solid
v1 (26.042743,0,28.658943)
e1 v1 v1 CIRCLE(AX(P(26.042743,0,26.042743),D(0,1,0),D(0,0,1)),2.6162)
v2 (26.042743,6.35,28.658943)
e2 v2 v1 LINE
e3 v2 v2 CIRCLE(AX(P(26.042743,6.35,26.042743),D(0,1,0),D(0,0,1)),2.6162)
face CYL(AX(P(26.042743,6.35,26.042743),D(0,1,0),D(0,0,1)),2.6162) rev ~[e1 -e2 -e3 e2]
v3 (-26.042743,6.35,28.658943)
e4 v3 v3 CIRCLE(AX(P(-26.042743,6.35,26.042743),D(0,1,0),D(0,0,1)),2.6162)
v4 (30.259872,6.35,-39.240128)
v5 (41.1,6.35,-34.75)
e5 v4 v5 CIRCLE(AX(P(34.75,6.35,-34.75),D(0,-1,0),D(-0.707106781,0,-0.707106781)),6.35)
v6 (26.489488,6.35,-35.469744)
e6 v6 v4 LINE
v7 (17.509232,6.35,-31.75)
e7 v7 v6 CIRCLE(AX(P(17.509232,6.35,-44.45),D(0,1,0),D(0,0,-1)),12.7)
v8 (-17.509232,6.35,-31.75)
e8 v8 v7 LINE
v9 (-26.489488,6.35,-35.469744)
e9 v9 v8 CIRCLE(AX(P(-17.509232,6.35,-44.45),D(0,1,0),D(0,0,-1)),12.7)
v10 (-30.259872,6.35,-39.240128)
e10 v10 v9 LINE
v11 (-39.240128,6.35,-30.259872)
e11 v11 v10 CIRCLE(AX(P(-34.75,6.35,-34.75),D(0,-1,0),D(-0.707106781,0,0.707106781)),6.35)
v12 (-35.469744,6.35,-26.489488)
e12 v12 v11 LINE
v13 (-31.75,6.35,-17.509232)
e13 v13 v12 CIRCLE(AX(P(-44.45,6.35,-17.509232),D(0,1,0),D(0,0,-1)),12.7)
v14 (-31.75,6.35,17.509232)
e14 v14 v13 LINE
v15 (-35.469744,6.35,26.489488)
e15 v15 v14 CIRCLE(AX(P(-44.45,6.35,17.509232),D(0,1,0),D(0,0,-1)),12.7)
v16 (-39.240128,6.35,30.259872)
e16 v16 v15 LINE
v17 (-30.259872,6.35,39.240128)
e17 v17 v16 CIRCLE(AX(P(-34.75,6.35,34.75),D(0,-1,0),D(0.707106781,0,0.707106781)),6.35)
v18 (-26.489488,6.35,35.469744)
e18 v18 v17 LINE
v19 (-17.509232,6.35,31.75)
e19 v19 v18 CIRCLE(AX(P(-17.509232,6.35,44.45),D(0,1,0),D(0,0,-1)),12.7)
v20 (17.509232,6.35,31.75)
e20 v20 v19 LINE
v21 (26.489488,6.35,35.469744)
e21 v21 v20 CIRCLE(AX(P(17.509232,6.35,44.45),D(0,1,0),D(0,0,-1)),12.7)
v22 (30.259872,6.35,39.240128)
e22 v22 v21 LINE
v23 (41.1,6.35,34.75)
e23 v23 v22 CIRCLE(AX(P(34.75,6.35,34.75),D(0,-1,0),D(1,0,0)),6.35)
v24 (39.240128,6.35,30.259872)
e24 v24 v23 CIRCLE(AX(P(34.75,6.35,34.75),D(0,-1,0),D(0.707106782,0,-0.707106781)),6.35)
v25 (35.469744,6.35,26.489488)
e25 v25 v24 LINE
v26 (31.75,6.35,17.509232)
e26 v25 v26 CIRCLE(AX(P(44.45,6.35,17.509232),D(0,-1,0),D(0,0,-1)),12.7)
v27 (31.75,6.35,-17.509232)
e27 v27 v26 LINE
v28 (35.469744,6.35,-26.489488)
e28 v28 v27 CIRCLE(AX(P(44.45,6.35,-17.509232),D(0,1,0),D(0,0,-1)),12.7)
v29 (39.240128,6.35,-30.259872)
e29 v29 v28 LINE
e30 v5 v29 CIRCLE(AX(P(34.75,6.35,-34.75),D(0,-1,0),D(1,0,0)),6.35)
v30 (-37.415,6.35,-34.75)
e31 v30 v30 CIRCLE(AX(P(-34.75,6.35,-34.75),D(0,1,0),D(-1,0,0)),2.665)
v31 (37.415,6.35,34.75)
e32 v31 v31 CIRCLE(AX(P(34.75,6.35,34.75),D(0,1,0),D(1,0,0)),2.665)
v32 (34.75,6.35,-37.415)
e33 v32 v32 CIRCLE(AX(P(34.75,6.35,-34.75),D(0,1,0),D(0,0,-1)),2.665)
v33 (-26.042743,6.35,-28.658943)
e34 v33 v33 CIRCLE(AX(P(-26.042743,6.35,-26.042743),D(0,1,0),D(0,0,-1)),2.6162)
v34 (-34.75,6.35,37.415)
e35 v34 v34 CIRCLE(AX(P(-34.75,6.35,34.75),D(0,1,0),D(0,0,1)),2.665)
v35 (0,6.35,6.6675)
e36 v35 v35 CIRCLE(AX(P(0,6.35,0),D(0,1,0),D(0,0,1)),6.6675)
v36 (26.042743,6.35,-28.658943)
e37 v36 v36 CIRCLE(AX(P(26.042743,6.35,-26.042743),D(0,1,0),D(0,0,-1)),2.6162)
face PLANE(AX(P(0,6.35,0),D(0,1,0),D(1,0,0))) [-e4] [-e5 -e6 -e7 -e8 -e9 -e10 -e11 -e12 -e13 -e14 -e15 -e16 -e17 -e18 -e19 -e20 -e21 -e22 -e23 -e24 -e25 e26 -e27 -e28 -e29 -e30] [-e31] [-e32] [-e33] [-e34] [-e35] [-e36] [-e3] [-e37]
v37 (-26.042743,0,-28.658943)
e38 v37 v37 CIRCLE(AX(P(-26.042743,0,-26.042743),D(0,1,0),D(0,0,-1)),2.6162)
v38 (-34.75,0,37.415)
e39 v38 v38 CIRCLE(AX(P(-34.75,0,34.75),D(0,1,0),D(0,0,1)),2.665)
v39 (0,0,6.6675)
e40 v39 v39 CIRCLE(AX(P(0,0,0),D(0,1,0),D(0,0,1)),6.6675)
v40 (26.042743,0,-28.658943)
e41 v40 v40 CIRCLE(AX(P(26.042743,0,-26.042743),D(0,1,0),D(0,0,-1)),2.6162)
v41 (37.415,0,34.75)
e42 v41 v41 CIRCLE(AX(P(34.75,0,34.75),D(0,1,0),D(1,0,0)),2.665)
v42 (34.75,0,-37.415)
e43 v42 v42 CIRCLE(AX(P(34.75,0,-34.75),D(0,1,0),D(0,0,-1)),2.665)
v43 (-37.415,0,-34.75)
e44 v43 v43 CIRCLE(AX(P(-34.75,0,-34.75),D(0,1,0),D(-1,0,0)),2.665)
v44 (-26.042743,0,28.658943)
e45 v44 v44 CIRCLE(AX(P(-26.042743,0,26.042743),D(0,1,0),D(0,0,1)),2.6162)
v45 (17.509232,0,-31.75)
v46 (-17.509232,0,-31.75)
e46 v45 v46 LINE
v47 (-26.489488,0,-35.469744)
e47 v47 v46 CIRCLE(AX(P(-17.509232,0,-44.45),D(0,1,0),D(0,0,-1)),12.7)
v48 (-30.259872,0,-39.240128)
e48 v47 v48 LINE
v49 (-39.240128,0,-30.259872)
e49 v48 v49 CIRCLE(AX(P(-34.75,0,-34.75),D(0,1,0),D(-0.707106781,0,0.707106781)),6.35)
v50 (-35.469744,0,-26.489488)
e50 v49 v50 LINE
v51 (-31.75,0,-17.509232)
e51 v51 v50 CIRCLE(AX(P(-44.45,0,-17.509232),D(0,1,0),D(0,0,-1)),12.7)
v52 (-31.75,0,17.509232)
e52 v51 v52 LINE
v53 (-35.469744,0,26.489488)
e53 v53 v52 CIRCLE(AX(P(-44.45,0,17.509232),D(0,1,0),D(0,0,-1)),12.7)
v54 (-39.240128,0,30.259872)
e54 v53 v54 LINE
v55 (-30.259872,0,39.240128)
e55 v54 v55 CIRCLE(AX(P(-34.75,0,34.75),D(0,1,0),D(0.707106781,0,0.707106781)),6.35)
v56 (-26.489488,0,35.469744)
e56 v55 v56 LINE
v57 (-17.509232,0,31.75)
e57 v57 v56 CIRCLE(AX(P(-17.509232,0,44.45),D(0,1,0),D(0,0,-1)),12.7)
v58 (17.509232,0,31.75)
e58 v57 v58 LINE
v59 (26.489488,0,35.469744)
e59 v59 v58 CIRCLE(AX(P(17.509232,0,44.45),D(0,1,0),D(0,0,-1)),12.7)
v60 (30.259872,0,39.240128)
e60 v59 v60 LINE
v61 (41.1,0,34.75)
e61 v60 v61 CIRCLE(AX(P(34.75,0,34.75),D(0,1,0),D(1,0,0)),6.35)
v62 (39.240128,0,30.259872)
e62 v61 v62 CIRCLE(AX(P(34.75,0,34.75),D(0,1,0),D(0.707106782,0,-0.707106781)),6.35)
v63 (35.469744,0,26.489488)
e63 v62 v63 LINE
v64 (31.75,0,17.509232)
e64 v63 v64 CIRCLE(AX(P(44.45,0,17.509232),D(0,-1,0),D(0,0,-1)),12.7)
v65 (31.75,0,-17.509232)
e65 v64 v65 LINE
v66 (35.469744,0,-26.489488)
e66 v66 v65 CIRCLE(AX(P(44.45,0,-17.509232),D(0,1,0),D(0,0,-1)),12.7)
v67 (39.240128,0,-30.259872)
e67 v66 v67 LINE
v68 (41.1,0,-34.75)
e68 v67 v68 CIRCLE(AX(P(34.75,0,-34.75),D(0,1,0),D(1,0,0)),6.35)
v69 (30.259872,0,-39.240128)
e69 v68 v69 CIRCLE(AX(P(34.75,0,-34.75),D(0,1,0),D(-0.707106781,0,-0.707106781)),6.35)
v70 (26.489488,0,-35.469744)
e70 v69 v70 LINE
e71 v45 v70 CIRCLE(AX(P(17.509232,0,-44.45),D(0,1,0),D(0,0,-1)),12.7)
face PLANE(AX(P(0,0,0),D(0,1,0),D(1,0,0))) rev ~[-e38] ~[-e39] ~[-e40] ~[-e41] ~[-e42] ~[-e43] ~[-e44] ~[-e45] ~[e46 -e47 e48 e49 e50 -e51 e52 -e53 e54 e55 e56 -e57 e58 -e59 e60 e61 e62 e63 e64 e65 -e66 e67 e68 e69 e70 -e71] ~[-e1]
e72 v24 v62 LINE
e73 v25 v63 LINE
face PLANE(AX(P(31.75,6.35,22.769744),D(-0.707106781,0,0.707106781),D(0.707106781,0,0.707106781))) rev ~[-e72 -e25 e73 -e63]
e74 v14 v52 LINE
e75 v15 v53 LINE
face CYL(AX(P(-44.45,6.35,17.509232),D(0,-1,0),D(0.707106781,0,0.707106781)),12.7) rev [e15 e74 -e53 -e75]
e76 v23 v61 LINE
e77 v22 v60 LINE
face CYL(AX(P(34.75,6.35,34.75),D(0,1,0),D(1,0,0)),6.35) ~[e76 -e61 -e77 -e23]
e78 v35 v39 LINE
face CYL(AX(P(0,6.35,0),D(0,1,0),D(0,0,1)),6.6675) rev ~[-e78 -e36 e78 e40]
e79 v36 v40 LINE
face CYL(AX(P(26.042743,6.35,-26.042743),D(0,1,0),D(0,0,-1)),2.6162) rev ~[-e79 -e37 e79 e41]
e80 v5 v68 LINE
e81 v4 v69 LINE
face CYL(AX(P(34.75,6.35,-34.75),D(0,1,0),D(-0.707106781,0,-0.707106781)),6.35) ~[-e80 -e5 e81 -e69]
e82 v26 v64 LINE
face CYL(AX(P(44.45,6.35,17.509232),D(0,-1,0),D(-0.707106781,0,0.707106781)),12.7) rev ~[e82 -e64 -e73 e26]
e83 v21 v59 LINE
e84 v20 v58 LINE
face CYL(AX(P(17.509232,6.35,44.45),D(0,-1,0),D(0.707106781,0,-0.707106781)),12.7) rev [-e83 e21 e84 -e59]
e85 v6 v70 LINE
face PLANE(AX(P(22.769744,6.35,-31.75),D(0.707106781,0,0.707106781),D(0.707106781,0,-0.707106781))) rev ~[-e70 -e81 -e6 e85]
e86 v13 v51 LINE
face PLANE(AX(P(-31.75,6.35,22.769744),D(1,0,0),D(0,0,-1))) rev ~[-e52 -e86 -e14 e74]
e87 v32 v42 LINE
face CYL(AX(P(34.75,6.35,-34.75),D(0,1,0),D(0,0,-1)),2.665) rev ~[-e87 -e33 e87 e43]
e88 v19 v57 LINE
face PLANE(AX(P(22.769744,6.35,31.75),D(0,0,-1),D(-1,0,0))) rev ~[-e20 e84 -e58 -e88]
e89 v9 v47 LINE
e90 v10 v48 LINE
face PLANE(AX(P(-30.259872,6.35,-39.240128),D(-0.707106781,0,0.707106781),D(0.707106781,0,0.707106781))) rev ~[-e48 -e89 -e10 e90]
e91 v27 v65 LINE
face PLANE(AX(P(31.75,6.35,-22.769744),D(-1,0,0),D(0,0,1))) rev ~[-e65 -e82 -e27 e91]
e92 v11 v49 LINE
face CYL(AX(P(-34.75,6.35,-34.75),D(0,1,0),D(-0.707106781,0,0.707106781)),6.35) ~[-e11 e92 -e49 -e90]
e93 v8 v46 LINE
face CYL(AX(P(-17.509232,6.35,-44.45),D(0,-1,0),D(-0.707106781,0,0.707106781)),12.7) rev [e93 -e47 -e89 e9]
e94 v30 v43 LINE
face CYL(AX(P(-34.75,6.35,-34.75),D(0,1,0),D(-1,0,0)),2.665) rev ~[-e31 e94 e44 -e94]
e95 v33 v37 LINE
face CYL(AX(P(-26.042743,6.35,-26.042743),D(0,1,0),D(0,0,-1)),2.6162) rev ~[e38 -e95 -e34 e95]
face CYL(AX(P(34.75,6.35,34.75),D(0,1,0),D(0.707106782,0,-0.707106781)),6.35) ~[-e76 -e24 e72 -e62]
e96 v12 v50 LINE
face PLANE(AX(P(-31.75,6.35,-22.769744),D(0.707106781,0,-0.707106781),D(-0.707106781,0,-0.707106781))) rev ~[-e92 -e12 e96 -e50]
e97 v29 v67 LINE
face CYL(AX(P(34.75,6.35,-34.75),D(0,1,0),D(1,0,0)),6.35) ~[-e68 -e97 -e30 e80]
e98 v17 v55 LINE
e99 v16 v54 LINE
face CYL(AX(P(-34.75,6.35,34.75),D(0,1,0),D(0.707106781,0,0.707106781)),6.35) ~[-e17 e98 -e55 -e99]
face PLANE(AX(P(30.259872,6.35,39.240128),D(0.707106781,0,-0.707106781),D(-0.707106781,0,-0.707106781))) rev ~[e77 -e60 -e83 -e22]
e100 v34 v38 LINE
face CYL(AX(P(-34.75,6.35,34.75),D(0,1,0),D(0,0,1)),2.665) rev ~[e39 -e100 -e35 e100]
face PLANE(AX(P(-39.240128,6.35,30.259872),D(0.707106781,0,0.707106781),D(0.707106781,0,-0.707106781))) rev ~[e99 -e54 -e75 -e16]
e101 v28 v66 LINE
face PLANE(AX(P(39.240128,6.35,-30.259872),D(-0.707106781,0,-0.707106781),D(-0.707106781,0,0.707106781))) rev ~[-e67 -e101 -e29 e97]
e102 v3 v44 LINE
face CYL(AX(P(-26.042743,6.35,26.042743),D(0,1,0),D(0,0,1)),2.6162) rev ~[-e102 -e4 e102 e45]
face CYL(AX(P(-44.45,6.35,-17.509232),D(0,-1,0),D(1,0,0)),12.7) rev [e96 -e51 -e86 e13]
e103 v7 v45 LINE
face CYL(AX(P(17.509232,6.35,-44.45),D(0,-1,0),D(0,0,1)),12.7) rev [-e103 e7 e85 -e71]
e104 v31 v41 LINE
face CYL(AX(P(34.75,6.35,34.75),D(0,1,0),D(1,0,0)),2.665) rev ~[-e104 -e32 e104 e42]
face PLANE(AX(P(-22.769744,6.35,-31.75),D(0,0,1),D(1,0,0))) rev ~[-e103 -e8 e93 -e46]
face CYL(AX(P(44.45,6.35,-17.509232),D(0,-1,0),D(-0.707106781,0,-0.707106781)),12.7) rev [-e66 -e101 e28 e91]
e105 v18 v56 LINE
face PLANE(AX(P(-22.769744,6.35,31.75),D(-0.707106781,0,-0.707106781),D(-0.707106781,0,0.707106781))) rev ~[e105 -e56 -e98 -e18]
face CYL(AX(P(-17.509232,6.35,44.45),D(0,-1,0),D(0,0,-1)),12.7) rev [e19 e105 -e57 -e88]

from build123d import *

# Parameters (mm, degrees)
SKETCH1_W           = 85.2
SKETCH1_H           = 85.2
BOSS_EXTRUDE1_DEPTH = 6.35
CUT_EXTRUDE1_REACH  = 62.579
SKETCH2_R           = 6.6675
CUT_EXTRUDE2_REACH  = 62.579
SKETCH3_R           = 2.6162
CUT_EXTRUDE3_REACH  = 62.579
SKETCH5_R           = 2.665
CIRPATTERN1_COUNT   = 4
CUT_EXTRUDE4_REACH  = 62.579
SKETCH6_W           = 85.2
SKETCH6_H           = 85.2
FILLET1_R           = 12.7


with BuildPart() as part:
    # Sketch1 → Boss-Extrude1 (new body)
    with BuildSketch(Plane(origin=(0, 0, 0), x_dir=(1, 0, 0), z_dir=(0, 1, 0))):
        Rectangle(SKETCH1_W, SKETCH1_H)
    extrude(amount=BOSS_EXTRUDE1_DEPTH)

    # Sketch2 → Cut-Extrude1 (cut, up to next)
    with BuildSketch(Plane(origin=(0, 6.35, 0), x_dir=(1, 0, 0), z_dir=(0, 1, 0)), mode=Mode.PRIVATE) as cut_extrude1_sk1:
        with Locations(Location((0, 0, 0), (0, 0, 270))):
            Circle(SKETCH2_R)
    cut_extrude1_tool1 = extrude(cut_extrude1_sk1.sketch, amount=-CUT_EXTRUDE1_REACH, mode=Mode.PRIVATE) & part.part
    add(cut_extrude1_tool1.solids().sort_by_distance((0, 6.35, 0))[0], mode=Mode.SUBTRACT)

    # Sketch3 → Cut-Extrude2 (cut, up to next)
    with BuildSketch(Plane(origin=(0, 6.35, 0), x_dir=(1, 0, 0), z_dir=(0, 1, 0)), mode=Mode.PRIVATE) as cut_extrude2_sk1:
        with Locations(Location((26.042742751, -26.042742751, 0), (0, 0, 270))):
            Circle(SKETCH3_R)
    cut_extrude2_tool1 = extrude(cut_extrude2_sk1.sketch, amount=-CUT_EXTRUDE2_REACH, mode=Mode.PRIVATE) & part.part
    # Sketch3 → Cut-Extrude2 (cut, up to next)
    with BuildSketch(Plane(origin=(0, 6.35, 0), x_dir=(1, 0, 0), z_dir=(0, 1, 0)), mode=Mode.PRIVATE) as cut_extrude2_sk2:
        with Locations(Location((-26.042742751, -26.042742751, 0), (0, 0, 270))):
            Circle(SKETCH3_R)
    cut_extrude2_tool2 = extrude(cut_extrude2_sk2.sketch, amount=-CUT_EXTRUDE2_REACH, mode=Mode.PRIVATE) & part.part
    # Sketch3 → Cut-Extrude2 (cut, up to next)
    with BuildSketch(Plane(origin=(0, 6.35, 0), x_dir=(1, 0, 0), z_dir=(0, 1, 0)), mode=Mode.PRIVATE) as cut_extrude2_sk3:
        with Locations(Location((26.042742751, 26.042742751, 0), (0, 0, 90))):
            Circle(SKETCH3_R)
    cut_extrude2_tool3 = extrude(cut_extrude2_sk3.sketch, amount=-CUT_EXTRUDE2_REACH, mode=Mode.PRIVATE) & part.part
    # Sketch3 → Cut-Extrude2 (cut, up to next)
    with BuildSketch(Plane(origin=(0, 6.35, 0), x_dir=(1, 0, 0), z_dir=(0, 1, 0)), mode=Mode.PRIVATE) as cut_extrude2_sk4:
        with Locations(Location((-26.042742751, 26.042742751, 0), (0, 0, 90))):
            Circle(SKETCH3_R)
    cut_extrude2_tool4 = extrude(cut_extrude2_sk4.sketch, amount=-CUT_EXTRUDE2_REACH, mode=Mode.PRIVATE) & part.part
    add(cut_extrude2_tool1.solids().sort_by_distance((26.042743, 6.35, 26.042743))[0], mode=Mode.SUBTRACT)
    add(cut_extrude2_tool2.solids().sort_by_distance((-26.042743, 6.35, 26.042743))[0], mode=Mode.SUBTRACT)
    add(cut_extrude2_tool3.solids().sort_by_distance((26.042743, 6.35, -26.042743))[0], mode=Mode.SUBTRACT)
    add(cut_extrude2_tool4.solids().sort_by_distance((-26.042743, 6.35, -26.042743))[0], mode=Mode.SUBTRACT)

    # Sketch5 → Cut-Extrude3 (cut, up to next)
    with BuildSketch(Plane(origin=(0, 6.35, 0), x_dir=(1, 0, 0), z_dir=(0, 1, 0)), mode=Mode.PRIVATE) as cut_extrude3_sk1:
        with Locations(Location((-34.75, -34.75, 0), (0, 0, 270))):
            Circle(SKETCH5_R)
    cut_extrude3_tool1 = extrude(cut_extrude3_sk1.sketch, amount=-CUT_EXTRUDE3_REACH, mode=Mode.PRIVATE) & part.part
    cut_extrude3 = cut_extrude3_tool1.solids().sort_by_distance((-34.75, 6.35, 34.75))[0]
    add(cut_extrude3, mode=Mode.SUBTRACT)

    # CirPattern1: Cut-Extrude3 ×4 about axis
    cirpattern1_axis = Axis((0, 0, 0), (0, 1, 0))
    for i in range(1, CIRPATTERN1_COUNT):
        add(cut_extrude3.rotate(cirpattern1_axis, i * 360 / CIRPATTERN1_COUNT), mode=Mode.SUBTRACT)

    # Sketch6 → Cut-Extrude4 (cut, up to next)
    with BuildSketch(Plane(origin=(0, 6.35, 0), x_dir=(1, 0, 0), z_dir=(0, 1, 0)), mode=Mode.PRIVATE) as cut_extrude4_sk1:
        Rectangle(SKETCH6_W, SKETCH6_H)
        with BuildLine():
            Line((31.75, -22.769743879), (39.240128061, -30.259871939))
            ThreePointArc((39.240128061, -30.259871939), (40.616635031, -32.319960204), (41.1, -34.75))
            ThreePointArc((41.1, -34.75), (37.180039796, -40.616635031), (30.259871939, -39.240128061))
            Line((30.259871939, -39.240128061), (22.769743879, -31.75))
            Line((22.769743879, -31.75), (-22.769743879, -31.75))
            Line((-22.769743879, -31.75), (-30.259871939, -39.240128061))
            ThreePointArc((-30.259871939, -39.240128061), (-39.240128061, -39.240128061), (-39.240128061, -30.259871939))
            Line((-39.240128061, -30.259871939), (-31.75, -22.769743879))
            Line((-31.75, -22.769743879), (-31.75, 22.769743879))
            Line((-31.75, 22.769743879), (-39.240128061, 30.259871939))
            ThreePointArc((-39.240128061, 30.259871939), (-39.240128061, 39.240128061), (-30.259871939, 39.240128061))
            Line((-30.259871939, 39.240128061), (-22.769743879, 31.75))
            Line((-22.769743879, 31.75), (22.769743879, 31.75))
            Line((22.769743879, 31.75), (30.259871939, 39.240128061))
            ThreePointArc((30.259871939, 39.240128061), (37.180039796, 40.616635031), (41.1, 34.75))
            ThreePointArc((41.1, 34.75), (40.616635031, 32.319960204), (39.240128061, 30.259871939))
            Line((39.240128061, 30.259871939), (31.75, 22.769743879))
            Line((31.75, 22.769743879), (31.75, -22.769743879))
        make_face(mode=Mode.SUBTRACT)
    cut_extrude4_tool1 = extrude(cut_extrude4_sk1.sketch, amount=-CUT_EXTRUDE4_REACH, mode=Mode.PRIVATE) & part.part
    add(cut_extrude4_tool1.solids().sort_by_distance((0, 6.35, 41.39509))[0], mode=Mode.SUBTRACT)

    # Fillet1
    fillet1_edges = [part.edges().sort_by_distance(p)[0] for p in [
        (22.769743879, 3.175, -31.75),
        (-22.769743879, 3.175, -31.75),
        (-31.75, 3.175, -22.769743879),
        (-31.75, 3.175, 22.769743879),
        (-22.769743879, 3.175, 31.75),
        (22.769743879, 3.175, 31.75),
        (31.75, 3.175, 22.769743879),
        (31.75, 3.175, -22.769743879),
    ]]
    fillet(fillet1_edges, radius=FILLET1_R)


solid = part.part
